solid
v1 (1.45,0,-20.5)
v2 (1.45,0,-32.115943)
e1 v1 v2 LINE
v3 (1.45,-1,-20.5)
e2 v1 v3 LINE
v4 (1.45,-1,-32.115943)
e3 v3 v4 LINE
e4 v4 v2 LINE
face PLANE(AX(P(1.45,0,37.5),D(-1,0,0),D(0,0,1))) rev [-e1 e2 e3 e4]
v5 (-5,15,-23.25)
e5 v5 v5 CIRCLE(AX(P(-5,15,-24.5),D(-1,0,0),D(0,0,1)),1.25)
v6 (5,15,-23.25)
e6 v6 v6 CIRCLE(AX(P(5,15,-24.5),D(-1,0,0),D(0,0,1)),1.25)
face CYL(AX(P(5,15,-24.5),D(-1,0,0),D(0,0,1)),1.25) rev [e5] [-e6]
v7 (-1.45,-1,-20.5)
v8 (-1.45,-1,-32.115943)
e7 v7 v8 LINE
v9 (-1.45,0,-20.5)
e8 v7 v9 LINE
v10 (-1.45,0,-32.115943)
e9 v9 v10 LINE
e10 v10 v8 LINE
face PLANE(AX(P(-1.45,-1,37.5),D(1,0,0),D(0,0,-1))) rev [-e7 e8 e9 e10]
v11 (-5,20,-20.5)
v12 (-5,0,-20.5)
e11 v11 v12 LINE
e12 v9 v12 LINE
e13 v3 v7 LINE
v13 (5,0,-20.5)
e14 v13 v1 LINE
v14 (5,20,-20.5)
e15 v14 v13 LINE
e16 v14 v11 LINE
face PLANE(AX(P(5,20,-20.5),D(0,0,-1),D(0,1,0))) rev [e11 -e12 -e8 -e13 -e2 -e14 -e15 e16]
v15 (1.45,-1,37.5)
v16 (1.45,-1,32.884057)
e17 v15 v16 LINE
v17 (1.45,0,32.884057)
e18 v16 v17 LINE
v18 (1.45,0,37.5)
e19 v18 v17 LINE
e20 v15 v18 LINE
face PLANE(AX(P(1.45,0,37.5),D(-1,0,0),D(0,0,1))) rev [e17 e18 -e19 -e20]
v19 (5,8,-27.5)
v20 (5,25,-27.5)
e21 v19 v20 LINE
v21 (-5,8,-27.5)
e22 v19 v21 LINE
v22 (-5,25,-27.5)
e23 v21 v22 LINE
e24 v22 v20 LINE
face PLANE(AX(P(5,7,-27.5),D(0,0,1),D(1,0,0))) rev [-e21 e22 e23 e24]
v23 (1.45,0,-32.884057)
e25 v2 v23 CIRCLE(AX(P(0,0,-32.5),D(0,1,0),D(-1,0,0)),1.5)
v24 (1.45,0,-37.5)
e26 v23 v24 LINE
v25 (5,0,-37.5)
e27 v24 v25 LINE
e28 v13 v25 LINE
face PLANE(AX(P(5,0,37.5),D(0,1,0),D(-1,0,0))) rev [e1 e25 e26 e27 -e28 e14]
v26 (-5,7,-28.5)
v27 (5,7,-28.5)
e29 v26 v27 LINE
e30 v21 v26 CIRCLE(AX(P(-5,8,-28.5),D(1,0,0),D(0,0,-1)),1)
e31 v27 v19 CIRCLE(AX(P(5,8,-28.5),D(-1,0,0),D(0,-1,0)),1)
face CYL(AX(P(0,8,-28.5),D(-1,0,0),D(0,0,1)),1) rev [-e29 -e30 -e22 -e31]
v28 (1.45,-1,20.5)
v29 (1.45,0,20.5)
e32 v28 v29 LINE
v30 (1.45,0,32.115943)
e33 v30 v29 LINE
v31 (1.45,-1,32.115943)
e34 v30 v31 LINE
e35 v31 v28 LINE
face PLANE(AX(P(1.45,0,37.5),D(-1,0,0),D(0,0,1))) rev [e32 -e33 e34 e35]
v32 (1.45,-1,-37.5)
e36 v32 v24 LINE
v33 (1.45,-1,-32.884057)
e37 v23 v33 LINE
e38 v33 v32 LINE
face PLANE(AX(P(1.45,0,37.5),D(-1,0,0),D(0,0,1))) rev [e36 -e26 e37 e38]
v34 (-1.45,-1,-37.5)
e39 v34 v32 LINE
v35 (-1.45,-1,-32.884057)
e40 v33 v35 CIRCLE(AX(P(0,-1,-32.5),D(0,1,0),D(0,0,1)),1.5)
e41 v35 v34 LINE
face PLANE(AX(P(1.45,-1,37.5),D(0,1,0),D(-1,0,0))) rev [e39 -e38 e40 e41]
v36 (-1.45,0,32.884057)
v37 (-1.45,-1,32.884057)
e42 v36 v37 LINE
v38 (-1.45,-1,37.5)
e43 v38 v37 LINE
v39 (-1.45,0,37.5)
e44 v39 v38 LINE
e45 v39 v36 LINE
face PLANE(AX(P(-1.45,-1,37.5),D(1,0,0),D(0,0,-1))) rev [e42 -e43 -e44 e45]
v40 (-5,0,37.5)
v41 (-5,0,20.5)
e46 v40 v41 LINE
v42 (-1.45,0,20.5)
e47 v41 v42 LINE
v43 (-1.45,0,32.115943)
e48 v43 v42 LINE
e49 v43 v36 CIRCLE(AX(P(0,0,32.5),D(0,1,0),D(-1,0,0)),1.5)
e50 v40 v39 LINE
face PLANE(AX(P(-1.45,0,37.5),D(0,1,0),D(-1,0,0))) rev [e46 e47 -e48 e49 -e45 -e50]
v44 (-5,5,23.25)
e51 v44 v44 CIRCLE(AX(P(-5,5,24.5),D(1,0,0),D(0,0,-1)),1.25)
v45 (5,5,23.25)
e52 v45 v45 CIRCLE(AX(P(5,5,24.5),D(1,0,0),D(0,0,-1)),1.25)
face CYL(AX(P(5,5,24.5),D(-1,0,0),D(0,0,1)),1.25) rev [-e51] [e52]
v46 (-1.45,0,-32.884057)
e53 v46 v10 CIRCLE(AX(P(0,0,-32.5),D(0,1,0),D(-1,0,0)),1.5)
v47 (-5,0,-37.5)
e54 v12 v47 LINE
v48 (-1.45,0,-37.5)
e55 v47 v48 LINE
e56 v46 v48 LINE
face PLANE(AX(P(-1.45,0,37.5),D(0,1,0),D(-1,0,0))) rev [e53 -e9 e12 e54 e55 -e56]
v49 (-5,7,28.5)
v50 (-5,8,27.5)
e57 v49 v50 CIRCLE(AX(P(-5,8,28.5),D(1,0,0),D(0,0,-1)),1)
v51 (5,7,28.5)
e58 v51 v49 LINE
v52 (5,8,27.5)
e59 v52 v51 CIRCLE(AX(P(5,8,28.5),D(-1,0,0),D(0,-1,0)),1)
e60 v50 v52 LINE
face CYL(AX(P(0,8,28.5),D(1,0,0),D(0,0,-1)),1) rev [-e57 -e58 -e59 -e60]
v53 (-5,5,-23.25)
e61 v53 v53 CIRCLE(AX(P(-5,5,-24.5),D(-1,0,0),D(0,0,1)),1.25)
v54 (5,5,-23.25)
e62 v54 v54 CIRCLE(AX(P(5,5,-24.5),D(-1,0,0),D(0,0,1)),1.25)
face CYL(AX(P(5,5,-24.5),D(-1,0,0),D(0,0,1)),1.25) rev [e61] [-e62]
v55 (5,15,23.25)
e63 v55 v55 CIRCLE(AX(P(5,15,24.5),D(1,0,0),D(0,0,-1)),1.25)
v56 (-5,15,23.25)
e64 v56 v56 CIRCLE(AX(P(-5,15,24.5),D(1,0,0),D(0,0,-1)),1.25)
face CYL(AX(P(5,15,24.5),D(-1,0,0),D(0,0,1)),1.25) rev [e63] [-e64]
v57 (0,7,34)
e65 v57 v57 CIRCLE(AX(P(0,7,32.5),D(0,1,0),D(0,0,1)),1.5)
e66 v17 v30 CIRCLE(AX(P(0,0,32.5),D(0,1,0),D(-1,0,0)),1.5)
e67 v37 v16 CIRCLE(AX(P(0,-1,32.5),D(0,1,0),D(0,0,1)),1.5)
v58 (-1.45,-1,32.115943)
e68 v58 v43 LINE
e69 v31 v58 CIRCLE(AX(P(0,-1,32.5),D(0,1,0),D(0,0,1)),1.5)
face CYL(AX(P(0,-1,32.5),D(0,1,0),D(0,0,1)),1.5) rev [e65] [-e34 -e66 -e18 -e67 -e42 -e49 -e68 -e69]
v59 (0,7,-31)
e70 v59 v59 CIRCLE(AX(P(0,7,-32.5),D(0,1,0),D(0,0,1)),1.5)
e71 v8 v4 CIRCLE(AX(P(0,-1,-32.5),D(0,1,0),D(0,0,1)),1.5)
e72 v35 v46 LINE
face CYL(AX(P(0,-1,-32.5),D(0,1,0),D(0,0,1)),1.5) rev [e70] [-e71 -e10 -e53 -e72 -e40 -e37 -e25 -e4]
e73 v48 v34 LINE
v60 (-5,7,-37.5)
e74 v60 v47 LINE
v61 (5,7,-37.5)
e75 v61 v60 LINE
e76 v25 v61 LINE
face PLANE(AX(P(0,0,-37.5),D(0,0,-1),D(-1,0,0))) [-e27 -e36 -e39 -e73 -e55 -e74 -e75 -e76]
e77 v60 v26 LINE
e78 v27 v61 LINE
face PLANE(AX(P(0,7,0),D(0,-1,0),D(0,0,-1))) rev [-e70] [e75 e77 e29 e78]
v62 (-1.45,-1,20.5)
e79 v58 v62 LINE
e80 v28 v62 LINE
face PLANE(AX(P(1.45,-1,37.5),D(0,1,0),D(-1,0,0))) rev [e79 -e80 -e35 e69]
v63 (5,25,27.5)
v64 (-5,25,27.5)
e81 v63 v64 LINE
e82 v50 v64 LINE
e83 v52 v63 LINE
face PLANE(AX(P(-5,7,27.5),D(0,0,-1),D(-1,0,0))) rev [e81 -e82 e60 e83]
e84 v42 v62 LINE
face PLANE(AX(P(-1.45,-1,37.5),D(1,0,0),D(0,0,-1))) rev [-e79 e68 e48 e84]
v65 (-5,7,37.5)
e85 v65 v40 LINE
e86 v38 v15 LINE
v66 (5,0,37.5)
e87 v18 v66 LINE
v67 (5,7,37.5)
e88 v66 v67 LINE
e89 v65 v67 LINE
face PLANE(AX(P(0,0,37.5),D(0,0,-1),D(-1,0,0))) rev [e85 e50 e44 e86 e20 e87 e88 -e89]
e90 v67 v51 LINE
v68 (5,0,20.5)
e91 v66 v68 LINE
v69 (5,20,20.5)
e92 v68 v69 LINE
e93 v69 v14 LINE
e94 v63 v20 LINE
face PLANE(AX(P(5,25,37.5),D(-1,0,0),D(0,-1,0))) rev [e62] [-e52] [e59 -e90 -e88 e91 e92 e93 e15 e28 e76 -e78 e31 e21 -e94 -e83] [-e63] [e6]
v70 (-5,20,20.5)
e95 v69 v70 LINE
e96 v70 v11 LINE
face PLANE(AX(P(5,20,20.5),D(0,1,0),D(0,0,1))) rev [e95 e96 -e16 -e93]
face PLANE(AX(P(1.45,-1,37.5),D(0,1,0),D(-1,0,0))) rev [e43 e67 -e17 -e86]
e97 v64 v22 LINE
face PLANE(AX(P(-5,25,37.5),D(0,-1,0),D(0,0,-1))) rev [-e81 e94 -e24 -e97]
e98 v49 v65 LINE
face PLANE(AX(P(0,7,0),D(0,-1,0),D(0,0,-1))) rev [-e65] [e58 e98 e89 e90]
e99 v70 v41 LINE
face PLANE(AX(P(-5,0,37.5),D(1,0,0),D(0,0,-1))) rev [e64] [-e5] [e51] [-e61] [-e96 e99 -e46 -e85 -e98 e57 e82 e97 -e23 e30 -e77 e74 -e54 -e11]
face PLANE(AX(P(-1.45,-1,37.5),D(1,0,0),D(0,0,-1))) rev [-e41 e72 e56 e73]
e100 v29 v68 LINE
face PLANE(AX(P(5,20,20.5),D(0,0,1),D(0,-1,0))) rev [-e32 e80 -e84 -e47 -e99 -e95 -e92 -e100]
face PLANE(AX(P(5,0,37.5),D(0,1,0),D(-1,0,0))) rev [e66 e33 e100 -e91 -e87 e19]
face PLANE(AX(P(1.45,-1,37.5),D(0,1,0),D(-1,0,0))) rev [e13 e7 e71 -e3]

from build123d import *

# Parameters (mm, degrees)
MAIN_DEPTH                   = 37.5
SKETCH2_W                    = 41
SKETCH2_H                    = 21
SERVOPLACE_DEPTH             = 11
SKETCH3_R                    = 1.25
SERVOFIXHOLE_DEPTH           = 11
SKETCH4_W                    = 10
SKETCH4_H                    = 10
CUTFORFIXMAKERBEAMHOLE_DEPTH = 18
SKETCH5_R                    = 1.5
FIXHOLEMAKERBEAM_DEPTH       = 9
FILLET1_R                    = 1


with BuildPart() as part:
    # Sketch1 → Main (new body, symmetric)
    with BuildSketch(Plane.XY):
        Polygon((-5, 0), (-5, 25), (5, 25), (5, 0), (1.45, 0), (1.45, -1), (-1.45, -1), (-1.45, 0), align=None)
    extrude(amount=MAIN_DEPTH, both=True)

    # Sketch2 → ServoPlace (cut, through all)
    with BuildSketch(Plane.ZY.offset(5)):
        with Locations((0, 9.5)):
            Rectangle(SKETCH2_W, SKETCH2_H)
    extrude(amount=-SERVOPLACE_DEPTH, mode=Mode.SUBTRACT)

    # Sketch3 → ServoFixHole (cut, through all)
    with BuildSketch(Plane.ZY.offset(5)):
        with Locations((-24.5, 15)):
            Circle(SKETCH3_R)
        with Locations((-24.5, 5)):
            Circle(SKETCH3_R)
    servofixhole = extrude(amount=-SERVOFIXHOLE_DEPTH, mode=Mode.SUBTRACT)

    # ServoFixHoleMirror: ServoFixHole across plane
    add(servofixhole.mirror(Plane.XY), mode=Mode.SUBTRACT)

    # Sketch4 → CutForFixMakerBeamHole (cut)
    with BuildSketch(Plane(origin=(0, 25, 0), x_dir=(1, 0, 0), z_dir=(0, 1, 0))):
        with Locations((0, 32.5)):
            Rectangle(SKETCH4_W, SKETCH4_H)
        with Locations((0, -32.5)):
            Rectangle(SKETCH4_W, SKETCH4_H)
    extrude(amount=-CUTFORFIXMAKERBEAMHOLE_DEPTH, mode=Mode.SUBTRACT)

    # Sketch5 → FixHoleMakerBeam (cut, through all)
    with BuildSketch(Plane(origin=(0, 7, 0), x_dir=(1, 0, 0), z_dir=(0, 1, 0))):
        with Locations((0, 32.5)):
            Circle(SKETCH5_R)
        with Locations((0, -32.5)):
            Circle(SKETCH5_R)
    extrude(amount=-FIXHOLEMAKERBEAM_DEPTH, mode=Mode.SUBTRACT)

    # Fillet1
    fillet1_edges = [part.edges().sort_by_distance(p)[0] for p in [
        (0, 7, -27.5),
        (0, 7, 27.5),
    ]]
    fillet(fillet1_edges, radius=FILLET1_R)


solid = part.part
